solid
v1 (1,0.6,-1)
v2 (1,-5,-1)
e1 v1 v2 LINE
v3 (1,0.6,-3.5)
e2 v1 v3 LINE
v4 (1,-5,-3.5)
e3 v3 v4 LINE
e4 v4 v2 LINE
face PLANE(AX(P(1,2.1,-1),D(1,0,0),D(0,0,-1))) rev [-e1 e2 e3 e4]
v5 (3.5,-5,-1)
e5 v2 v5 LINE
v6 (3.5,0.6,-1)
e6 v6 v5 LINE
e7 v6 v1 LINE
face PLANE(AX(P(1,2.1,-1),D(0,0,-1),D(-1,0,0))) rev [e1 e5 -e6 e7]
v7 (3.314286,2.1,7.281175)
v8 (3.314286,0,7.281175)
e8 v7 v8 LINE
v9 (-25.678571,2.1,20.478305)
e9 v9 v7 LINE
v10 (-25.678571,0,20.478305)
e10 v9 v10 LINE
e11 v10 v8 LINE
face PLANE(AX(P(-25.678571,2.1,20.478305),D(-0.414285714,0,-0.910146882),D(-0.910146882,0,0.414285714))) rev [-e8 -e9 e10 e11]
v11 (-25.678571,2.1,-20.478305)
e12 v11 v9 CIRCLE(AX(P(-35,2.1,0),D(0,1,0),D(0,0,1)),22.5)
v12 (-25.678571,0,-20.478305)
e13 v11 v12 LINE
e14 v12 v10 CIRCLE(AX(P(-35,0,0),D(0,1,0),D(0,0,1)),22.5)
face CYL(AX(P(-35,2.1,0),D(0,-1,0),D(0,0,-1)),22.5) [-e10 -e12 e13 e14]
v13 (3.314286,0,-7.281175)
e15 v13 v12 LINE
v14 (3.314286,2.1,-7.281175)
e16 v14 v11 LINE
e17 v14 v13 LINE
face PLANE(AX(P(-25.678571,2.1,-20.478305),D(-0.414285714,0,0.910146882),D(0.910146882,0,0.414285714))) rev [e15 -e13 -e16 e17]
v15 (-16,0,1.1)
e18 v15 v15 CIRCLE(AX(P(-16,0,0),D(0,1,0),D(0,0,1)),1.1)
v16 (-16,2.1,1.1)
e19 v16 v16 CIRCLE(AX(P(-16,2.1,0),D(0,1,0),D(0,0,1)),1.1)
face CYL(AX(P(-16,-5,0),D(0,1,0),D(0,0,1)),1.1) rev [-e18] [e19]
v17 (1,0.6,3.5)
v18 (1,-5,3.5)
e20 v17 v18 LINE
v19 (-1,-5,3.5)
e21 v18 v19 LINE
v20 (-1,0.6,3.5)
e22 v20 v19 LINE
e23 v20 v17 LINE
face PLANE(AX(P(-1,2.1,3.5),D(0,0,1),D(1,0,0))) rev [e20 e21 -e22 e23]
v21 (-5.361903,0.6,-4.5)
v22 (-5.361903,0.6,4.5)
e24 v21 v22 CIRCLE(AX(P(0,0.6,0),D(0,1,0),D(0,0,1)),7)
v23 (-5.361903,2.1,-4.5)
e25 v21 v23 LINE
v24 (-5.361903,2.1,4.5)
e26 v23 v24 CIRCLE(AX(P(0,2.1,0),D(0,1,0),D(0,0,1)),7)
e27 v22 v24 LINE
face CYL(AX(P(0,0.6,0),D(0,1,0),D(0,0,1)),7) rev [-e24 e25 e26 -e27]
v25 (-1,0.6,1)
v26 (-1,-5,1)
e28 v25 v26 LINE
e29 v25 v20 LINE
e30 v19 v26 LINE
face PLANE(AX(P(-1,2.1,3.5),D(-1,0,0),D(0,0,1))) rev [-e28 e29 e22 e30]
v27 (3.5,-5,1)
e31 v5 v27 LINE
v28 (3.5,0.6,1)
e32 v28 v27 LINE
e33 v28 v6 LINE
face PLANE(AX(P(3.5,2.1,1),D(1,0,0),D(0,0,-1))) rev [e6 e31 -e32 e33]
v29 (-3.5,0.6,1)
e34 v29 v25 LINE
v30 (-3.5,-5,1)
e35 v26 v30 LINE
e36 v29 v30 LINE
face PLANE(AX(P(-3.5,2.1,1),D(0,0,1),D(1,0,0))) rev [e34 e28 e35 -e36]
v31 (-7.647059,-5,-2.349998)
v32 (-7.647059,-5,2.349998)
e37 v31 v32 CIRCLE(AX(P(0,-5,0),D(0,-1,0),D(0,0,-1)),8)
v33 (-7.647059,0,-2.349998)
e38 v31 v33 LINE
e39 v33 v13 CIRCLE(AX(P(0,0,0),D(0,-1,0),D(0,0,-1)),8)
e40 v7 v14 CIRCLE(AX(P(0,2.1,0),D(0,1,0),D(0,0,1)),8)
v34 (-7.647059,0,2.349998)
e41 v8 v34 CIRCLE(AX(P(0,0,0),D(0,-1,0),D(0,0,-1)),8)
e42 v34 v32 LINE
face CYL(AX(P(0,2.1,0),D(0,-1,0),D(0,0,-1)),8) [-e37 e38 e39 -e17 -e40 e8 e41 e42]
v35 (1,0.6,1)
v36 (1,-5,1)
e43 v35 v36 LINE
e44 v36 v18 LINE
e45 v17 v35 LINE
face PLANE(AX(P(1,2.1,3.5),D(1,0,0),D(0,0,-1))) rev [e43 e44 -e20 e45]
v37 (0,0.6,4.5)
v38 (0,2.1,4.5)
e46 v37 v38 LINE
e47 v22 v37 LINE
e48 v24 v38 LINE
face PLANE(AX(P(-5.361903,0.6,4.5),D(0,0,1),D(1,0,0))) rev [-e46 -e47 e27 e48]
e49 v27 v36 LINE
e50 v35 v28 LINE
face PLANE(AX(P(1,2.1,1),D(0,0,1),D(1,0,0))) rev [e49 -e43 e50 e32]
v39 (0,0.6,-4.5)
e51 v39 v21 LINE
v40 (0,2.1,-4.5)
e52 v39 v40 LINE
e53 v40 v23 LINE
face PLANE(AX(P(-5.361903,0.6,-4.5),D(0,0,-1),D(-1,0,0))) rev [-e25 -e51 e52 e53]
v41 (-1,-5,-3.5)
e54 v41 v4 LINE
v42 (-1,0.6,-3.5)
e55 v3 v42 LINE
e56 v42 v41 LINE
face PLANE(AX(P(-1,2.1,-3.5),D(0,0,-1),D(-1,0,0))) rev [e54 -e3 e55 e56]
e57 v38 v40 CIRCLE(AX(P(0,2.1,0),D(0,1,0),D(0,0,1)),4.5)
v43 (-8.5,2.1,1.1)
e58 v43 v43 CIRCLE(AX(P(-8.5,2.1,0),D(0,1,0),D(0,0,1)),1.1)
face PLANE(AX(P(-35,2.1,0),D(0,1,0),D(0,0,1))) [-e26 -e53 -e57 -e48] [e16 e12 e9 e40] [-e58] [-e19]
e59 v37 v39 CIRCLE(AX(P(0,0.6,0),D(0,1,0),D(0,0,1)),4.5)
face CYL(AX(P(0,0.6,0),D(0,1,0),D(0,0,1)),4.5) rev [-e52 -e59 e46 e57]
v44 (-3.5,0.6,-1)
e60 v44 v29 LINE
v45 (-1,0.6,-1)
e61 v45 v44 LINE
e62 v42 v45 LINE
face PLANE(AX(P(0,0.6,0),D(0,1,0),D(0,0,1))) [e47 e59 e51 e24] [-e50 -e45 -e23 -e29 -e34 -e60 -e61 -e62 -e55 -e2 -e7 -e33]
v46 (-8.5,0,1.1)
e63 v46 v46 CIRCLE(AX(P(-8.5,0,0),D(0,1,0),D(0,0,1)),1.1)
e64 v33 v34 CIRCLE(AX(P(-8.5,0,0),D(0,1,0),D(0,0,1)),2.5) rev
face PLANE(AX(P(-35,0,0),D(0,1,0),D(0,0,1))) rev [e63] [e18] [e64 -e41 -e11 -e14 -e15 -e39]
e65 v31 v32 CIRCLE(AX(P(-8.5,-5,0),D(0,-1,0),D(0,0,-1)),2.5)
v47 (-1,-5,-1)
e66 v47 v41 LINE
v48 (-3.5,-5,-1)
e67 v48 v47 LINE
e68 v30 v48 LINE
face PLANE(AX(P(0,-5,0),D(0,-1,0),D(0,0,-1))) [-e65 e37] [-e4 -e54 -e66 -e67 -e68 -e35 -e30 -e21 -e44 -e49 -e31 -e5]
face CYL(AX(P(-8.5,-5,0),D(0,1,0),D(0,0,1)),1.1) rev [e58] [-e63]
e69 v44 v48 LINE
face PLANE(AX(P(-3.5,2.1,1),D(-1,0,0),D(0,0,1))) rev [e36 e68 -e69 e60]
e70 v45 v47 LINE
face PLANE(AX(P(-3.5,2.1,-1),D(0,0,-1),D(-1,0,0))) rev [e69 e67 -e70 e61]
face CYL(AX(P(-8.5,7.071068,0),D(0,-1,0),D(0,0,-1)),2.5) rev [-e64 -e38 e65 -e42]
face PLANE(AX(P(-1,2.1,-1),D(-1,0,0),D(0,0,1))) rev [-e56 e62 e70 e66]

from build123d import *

# Parameters (mm, degrees)
SKETCH_1_R          = 1
EXTRUDE_1_DEPTH     = 2.1
CUT_EXTRUDE_2_DEPTH = 1.5
EXTRUDE_START       = 5
SKETCH_4_R          = 8
EXTRUDE_2_DEPTH     = 5
CUT_EXTRUDE_3_DEPTH = 63.152312909
SKETCH_2_R          = 1.1
CUT_EXTRUDE_1_DEPTH = 63.152312909
SKETCH_6_R          = 2.5
CUT_EXTRUDE_4_DEPTH = 5


with BuildPart() as part:
    # 草图1 → 凸台-拉伸1 (new body)
    with BuildSketch(Plane(origin=(0, 0, 0), x_dir=(1, 0, 0), z_dir=(0, 1, 0))):
        with BuildLine():
            Line((-25.678571429, 20.478304847), (3.314285714, 7.281175057))
            ThreePointArc((3.314285714, 7.281175057), (8, 0), (3.314285714, -7.281175057))
            Line((3.314285714, -7.281175057), (-25.678571429, -20.478304847))
            ThreePointArc((-25.678571429, -20.478304847), (-57.5, 0), (-25.678571429, 20.478304847))
        make_face()
        with Locations(Location((0, 0, 0), (0, 0, 270))):
            Circle(SKETCH_1_R, mode=Mode.SUBTRACT)
    extrude(amount=EXTRUDE_1_DEPTH)

    # 草图3 → 切除-拉伸2 (cut)
    with BuildSketch(Plane(origin=(0, 2.1, 0), x_dir=(1, 0, 0), z_dir=(0, 1, 0))):
        with BuildLine():
            Line((-5.361902647, 4.5), (0, 4.5))
            ThreePointArc((0, 4.5), (4.5, 0), (0, -4.5))
            Line((0, -4.5), (-5.361902647, -4.5))
            ThreePointArc((-5.361902647, -4.5), (-7, 0), (-5.361902647, 4.5))
        make_face()
    extrude(amount=-CUT_EXTRUDE_2_DEPTH, mode=Mode.SUBTRACT)

    # 草图4 → 凸台-拉伸2 (add)
    with BuildSketch(Plane.XZ.offset(EXTRUDE_START)):
        with Locations(Location((0, 0, 0), (0, 0, 270))):
            Circle(SKETCH_4_R)
    extrude(amount=-EXTRUDE_2_DEPTH)

    # 草图5 → 切除-拉伸3 (cut, through all)
    with BuildSketch(Plane.XZ.offset(5)):
        Polygon((1, -1), (1, -3.5), (-1, -3.5), (-1, -1), (-3.5, -1), (-3.5, 1), (-1, 1), (-1, 3.5), (1, 3.5), (1, 1), (3.5, 1), (3.5, -1), align=None)
    extrude(amount=-CUT_EXTRUDE_3_DEPTH, mode=Mode.SUBTRACT)

    # 草图2 → 切除-拉伸1 (cut, through all)
    with BuildSketch(Plane(origin=(0, 2.1, 0), x_dir=(1, 0, 0), z_dir=(0, 1, 0))):
        with Locations(Location((-8.5, 0, 0), (0, 0, 270))):
            Circle(SKETCH_2_R)
        with Locations(Location((-16, 0, 0), (0, 0, 270))):
            Circle(SKETCH_2_R)
    extrude(amount=-CUT_EXTRUDE_1_DEPTH, mode=Mode.SUBTRACT)

    # 草图6 → 切除-拉伸4 (cut)
    with BuildSketch(Plane.XZ.offset(5)):
        with Locations((-8.5, 0)):
            Circle(SKETCH_6_R)
    extrude(amount=-CUT_EXTRUDE_4_DEPTH, mode=Mode.SUBTRACT)


solid = part.part
